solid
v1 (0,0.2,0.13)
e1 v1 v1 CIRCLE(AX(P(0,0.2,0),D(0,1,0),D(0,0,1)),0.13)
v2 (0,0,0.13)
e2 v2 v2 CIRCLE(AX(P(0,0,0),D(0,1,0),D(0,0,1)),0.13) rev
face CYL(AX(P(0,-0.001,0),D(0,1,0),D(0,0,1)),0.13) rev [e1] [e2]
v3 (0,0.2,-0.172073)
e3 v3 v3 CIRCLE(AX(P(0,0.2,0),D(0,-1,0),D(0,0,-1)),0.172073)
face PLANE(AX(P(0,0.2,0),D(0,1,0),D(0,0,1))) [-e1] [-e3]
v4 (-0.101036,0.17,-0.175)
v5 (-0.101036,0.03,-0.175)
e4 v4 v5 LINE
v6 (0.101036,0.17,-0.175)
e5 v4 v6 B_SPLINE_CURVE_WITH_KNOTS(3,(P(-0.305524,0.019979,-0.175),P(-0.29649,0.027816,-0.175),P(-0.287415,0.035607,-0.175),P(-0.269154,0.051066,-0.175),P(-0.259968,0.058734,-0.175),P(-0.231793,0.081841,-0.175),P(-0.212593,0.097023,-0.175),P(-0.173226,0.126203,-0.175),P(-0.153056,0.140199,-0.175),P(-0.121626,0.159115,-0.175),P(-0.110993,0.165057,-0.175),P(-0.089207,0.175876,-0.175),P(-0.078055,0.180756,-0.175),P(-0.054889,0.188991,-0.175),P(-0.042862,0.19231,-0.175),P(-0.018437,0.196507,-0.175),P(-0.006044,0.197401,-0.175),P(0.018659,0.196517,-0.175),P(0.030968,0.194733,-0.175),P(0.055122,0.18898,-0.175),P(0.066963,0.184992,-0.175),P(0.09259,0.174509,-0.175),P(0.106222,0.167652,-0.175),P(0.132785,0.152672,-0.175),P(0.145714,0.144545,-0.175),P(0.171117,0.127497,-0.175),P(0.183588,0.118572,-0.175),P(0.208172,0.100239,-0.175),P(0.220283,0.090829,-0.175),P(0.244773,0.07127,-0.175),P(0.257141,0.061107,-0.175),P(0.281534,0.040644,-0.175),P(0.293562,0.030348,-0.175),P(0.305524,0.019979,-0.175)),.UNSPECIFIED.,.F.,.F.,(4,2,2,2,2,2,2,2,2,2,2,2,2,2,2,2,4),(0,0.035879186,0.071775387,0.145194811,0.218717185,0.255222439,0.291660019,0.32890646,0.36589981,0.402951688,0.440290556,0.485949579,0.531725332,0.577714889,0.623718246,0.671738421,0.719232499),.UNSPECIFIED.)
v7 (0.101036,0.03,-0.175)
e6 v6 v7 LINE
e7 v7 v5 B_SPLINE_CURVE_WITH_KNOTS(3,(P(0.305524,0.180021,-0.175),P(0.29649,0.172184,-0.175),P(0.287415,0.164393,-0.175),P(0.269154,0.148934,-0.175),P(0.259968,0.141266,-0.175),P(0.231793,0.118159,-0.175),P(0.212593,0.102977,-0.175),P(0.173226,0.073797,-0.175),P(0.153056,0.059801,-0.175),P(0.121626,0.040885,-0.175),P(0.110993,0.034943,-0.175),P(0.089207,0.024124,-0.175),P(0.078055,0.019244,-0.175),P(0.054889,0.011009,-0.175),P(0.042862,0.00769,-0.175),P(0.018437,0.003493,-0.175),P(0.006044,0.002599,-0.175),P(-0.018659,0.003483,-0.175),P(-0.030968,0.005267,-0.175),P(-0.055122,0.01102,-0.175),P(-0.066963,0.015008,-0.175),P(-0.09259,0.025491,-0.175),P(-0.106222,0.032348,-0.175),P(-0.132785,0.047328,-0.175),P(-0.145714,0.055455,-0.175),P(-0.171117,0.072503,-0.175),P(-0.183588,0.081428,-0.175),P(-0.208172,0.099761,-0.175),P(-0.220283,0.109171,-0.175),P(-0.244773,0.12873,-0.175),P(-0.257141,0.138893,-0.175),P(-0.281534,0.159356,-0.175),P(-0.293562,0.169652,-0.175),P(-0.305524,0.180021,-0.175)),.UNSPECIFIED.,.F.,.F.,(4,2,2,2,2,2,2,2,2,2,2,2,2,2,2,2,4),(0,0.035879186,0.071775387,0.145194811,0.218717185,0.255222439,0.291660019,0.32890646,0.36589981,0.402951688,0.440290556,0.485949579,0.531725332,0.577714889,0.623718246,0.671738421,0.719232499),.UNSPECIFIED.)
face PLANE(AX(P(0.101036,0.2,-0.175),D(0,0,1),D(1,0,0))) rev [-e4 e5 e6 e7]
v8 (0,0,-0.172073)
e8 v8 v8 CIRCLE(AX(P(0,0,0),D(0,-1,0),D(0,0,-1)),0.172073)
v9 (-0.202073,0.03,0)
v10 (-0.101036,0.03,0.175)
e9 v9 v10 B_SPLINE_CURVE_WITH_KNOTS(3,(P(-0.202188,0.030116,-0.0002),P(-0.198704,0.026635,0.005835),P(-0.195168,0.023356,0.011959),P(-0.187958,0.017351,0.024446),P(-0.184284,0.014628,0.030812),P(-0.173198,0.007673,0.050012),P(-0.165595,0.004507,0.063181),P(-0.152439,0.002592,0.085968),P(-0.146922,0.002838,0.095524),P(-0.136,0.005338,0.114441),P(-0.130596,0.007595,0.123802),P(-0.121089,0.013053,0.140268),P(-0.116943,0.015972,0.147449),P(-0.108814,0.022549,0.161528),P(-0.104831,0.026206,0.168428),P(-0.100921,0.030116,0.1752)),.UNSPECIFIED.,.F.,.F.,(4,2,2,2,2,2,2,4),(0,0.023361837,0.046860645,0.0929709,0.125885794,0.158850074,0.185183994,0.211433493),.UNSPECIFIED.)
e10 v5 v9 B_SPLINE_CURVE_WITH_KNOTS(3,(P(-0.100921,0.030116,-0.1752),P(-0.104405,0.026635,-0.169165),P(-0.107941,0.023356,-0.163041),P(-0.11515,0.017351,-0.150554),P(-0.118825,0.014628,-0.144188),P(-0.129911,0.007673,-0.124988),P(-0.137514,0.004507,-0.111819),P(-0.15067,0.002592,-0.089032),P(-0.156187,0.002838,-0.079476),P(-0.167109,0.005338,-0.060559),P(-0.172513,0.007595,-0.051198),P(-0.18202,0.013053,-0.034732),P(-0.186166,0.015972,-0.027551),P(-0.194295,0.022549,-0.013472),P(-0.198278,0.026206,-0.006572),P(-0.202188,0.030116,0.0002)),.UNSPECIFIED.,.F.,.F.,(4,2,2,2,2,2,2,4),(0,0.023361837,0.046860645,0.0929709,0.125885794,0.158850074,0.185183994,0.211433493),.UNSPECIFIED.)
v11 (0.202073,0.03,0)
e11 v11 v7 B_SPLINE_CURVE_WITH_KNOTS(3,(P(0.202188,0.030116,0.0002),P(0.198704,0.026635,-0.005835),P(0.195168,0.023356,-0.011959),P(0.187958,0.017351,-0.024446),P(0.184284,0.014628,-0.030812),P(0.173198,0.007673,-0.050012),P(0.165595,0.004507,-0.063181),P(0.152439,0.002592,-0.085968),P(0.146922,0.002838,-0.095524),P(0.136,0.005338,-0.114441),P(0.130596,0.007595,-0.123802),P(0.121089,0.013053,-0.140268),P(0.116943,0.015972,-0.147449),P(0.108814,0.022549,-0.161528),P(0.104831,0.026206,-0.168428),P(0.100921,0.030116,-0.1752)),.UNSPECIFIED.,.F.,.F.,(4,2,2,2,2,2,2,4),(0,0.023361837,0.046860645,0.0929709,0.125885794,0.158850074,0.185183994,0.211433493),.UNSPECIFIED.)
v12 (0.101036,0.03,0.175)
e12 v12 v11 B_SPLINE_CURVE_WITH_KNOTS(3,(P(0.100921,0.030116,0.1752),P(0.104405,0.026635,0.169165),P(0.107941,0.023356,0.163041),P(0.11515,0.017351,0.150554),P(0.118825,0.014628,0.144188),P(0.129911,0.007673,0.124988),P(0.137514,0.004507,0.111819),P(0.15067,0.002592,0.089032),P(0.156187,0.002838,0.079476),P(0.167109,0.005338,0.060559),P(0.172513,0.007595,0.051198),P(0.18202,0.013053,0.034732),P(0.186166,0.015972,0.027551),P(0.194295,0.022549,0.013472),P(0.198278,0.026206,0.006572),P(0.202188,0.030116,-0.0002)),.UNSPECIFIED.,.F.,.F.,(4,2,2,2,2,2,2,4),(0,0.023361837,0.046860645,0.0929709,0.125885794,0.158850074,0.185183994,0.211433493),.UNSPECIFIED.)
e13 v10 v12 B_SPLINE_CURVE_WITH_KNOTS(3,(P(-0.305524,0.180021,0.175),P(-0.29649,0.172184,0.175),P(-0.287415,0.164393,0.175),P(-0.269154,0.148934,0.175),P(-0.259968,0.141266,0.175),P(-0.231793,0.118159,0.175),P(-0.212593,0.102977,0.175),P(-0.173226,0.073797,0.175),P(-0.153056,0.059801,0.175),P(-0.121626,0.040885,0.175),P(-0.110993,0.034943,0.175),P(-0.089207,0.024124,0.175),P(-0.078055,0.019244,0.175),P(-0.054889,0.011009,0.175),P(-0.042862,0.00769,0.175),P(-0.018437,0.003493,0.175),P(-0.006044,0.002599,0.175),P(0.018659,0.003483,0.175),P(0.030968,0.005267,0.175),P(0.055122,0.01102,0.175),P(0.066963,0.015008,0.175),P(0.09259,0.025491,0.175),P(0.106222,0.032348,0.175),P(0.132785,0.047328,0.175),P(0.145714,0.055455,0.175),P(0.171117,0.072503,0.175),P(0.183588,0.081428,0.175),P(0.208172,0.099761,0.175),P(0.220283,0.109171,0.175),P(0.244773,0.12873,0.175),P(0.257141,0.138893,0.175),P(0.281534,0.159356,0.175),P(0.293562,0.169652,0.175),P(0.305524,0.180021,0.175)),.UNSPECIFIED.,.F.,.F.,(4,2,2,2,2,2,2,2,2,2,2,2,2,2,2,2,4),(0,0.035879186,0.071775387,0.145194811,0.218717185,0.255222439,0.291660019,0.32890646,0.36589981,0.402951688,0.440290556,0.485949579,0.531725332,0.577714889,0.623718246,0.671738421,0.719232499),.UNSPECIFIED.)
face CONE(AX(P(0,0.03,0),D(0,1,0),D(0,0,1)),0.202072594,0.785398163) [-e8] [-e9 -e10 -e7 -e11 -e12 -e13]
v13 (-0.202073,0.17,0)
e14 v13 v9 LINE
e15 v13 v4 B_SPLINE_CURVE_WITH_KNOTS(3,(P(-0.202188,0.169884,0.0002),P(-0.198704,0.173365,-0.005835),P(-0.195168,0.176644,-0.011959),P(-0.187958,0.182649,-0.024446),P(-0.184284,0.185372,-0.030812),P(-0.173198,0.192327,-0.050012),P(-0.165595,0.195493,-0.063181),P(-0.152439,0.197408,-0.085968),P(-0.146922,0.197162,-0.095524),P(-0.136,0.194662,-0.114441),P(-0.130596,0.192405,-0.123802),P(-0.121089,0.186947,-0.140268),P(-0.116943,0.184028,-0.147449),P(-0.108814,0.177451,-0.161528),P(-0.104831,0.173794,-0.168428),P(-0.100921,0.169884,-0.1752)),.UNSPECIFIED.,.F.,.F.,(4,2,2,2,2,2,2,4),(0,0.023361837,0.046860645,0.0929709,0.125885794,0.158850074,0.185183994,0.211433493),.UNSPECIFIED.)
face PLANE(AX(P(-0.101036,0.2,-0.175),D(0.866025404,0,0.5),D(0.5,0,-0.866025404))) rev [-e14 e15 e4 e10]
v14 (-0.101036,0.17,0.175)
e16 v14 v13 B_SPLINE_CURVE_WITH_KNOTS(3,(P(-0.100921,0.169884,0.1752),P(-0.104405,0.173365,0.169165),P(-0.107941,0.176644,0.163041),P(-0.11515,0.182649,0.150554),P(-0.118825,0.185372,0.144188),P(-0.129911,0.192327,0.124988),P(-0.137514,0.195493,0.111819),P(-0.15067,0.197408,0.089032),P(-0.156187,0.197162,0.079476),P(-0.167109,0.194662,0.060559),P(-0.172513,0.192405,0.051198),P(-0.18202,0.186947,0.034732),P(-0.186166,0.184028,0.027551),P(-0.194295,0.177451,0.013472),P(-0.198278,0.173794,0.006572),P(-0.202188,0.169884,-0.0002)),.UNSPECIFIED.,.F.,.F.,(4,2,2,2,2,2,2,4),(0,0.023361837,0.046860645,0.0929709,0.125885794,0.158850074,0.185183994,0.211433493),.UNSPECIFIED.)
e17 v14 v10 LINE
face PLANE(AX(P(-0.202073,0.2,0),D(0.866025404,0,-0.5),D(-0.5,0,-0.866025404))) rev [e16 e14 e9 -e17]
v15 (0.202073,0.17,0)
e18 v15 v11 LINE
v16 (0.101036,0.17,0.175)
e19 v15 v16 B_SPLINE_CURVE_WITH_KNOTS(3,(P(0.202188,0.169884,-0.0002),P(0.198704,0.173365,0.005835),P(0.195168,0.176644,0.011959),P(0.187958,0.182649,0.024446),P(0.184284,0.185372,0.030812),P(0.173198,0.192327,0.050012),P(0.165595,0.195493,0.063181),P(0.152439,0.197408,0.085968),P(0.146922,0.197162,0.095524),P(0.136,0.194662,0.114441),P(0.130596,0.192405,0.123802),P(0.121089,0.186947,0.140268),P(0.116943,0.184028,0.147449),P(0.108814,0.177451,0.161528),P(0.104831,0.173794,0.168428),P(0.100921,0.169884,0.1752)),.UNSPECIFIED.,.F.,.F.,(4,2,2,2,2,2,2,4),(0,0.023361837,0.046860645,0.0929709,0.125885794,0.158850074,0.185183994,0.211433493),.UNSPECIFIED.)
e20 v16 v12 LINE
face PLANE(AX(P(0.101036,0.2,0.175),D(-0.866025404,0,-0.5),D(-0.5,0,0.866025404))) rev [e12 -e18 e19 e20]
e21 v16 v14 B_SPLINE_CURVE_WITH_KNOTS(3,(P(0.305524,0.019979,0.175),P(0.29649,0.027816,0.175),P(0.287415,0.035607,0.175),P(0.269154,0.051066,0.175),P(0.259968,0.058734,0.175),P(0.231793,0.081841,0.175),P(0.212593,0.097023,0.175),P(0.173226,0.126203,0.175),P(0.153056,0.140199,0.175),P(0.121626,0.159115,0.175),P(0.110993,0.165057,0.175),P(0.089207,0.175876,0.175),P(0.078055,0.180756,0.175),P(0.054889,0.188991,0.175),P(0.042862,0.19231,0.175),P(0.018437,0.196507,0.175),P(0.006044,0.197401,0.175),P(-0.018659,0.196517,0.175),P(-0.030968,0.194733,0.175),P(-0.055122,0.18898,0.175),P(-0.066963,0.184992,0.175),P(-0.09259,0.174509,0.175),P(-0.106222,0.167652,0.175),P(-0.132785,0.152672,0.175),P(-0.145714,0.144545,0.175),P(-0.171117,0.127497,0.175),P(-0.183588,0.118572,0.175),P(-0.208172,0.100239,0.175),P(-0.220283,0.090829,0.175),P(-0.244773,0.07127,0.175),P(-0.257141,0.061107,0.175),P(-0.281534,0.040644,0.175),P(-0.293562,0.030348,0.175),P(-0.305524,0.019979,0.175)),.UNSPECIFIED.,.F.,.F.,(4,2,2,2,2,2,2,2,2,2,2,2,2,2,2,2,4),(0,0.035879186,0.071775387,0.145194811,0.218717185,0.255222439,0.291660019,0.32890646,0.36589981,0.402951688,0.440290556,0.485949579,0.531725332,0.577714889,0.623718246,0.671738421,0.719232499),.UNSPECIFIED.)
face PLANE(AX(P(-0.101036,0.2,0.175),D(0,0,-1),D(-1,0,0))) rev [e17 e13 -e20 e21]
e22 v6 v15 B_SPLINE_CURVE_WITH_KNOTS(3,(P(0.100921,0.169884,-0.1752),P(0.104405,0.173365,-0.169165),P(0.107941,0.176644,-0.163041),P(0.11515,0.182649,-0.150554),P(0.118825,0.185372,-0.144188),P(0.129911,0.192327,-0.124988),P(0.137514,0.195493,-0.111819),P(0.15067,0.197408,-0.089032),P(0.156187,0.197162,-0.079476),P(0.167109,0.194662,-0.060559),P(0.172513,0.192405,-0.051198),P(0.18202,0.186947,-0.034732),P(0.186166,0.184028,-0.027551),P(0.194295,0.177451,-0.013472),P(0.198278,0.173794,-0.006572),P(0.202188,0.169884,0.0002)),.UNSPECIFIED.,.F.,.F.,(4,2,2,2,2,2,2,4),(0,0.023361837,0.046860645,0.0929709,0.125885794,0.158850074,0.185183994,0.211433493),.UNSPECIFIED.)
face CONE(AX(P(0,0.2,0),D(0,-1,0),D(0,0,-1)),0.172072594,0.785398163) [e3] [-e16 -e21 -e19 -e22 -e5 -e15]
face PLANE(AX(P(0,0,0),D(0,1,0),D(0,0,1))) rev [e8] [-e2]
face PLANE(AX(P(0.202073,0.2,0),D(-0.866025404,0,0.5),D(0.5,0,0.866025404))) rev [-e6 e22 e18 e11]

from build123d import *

# Parameters (mm, degrees)
BOSS_EXTRUDE1_DEPTH = 0.2
CUT_EXTRUDE2_REACH  = 2.2
SKETCH4_R           = 0.13


with BuildPart() as part:
    # Sketch2 → Boss-Extrude1 (new body)
    with BuildSketch(Plane(origin=(0, 0, 0), x_dir=(1, 0, 0), z_dir=(0, 1, 0))):
        Polygon((0.202072594, 0), (0.101036297, 0.175), (-0.101036297, 0.175), (-0.202072594, 0), (-0.101036297, -0.175), (0.101036297, -0.175), align=None)
    extrude(amount=BOSS_EXTRUDE1_DEPTH)

    # Sketch4 → Cut-Extrude2 (cut, up to next)
    with BuildSketch(Plane(origin=(0, 0.2, 0), x_dir=(1, 0, 0), z_dir=(0, 1, 0)), mode=Mode.PRIVATE) as cut_extrude2_sk1:
        Circle(SKETCH4_R)
    cut_extrude2_tool1 = extrude(cut_extrude2_sk1.sketch, amount=-CUT_EXTRUDE2_REACH, mode=Mode.PRIVATE) & part.part
    add(cut_extrude2_tool1.solids().sort_by_distance((0, 0.2, 0))[0], mode=Mode.SUBTRACT)

    # Sketch5 → Cut-Revolve1 (revolve, cut)
    with BuildSketch(Plane.XY):
        Polygon((0.202072594, 0), (0.172072594, 0), (0.202072594, 0.03), align=None)
        Polygon((0.202072594, 0.17), (0.202072594, 0.2), (0.172072594, 0.2), align=None)
    revolve(axis=Axis((0, 0, 0), (0, 1, 0)), mode=Mode.SUBTRACT)


solid = part.part
